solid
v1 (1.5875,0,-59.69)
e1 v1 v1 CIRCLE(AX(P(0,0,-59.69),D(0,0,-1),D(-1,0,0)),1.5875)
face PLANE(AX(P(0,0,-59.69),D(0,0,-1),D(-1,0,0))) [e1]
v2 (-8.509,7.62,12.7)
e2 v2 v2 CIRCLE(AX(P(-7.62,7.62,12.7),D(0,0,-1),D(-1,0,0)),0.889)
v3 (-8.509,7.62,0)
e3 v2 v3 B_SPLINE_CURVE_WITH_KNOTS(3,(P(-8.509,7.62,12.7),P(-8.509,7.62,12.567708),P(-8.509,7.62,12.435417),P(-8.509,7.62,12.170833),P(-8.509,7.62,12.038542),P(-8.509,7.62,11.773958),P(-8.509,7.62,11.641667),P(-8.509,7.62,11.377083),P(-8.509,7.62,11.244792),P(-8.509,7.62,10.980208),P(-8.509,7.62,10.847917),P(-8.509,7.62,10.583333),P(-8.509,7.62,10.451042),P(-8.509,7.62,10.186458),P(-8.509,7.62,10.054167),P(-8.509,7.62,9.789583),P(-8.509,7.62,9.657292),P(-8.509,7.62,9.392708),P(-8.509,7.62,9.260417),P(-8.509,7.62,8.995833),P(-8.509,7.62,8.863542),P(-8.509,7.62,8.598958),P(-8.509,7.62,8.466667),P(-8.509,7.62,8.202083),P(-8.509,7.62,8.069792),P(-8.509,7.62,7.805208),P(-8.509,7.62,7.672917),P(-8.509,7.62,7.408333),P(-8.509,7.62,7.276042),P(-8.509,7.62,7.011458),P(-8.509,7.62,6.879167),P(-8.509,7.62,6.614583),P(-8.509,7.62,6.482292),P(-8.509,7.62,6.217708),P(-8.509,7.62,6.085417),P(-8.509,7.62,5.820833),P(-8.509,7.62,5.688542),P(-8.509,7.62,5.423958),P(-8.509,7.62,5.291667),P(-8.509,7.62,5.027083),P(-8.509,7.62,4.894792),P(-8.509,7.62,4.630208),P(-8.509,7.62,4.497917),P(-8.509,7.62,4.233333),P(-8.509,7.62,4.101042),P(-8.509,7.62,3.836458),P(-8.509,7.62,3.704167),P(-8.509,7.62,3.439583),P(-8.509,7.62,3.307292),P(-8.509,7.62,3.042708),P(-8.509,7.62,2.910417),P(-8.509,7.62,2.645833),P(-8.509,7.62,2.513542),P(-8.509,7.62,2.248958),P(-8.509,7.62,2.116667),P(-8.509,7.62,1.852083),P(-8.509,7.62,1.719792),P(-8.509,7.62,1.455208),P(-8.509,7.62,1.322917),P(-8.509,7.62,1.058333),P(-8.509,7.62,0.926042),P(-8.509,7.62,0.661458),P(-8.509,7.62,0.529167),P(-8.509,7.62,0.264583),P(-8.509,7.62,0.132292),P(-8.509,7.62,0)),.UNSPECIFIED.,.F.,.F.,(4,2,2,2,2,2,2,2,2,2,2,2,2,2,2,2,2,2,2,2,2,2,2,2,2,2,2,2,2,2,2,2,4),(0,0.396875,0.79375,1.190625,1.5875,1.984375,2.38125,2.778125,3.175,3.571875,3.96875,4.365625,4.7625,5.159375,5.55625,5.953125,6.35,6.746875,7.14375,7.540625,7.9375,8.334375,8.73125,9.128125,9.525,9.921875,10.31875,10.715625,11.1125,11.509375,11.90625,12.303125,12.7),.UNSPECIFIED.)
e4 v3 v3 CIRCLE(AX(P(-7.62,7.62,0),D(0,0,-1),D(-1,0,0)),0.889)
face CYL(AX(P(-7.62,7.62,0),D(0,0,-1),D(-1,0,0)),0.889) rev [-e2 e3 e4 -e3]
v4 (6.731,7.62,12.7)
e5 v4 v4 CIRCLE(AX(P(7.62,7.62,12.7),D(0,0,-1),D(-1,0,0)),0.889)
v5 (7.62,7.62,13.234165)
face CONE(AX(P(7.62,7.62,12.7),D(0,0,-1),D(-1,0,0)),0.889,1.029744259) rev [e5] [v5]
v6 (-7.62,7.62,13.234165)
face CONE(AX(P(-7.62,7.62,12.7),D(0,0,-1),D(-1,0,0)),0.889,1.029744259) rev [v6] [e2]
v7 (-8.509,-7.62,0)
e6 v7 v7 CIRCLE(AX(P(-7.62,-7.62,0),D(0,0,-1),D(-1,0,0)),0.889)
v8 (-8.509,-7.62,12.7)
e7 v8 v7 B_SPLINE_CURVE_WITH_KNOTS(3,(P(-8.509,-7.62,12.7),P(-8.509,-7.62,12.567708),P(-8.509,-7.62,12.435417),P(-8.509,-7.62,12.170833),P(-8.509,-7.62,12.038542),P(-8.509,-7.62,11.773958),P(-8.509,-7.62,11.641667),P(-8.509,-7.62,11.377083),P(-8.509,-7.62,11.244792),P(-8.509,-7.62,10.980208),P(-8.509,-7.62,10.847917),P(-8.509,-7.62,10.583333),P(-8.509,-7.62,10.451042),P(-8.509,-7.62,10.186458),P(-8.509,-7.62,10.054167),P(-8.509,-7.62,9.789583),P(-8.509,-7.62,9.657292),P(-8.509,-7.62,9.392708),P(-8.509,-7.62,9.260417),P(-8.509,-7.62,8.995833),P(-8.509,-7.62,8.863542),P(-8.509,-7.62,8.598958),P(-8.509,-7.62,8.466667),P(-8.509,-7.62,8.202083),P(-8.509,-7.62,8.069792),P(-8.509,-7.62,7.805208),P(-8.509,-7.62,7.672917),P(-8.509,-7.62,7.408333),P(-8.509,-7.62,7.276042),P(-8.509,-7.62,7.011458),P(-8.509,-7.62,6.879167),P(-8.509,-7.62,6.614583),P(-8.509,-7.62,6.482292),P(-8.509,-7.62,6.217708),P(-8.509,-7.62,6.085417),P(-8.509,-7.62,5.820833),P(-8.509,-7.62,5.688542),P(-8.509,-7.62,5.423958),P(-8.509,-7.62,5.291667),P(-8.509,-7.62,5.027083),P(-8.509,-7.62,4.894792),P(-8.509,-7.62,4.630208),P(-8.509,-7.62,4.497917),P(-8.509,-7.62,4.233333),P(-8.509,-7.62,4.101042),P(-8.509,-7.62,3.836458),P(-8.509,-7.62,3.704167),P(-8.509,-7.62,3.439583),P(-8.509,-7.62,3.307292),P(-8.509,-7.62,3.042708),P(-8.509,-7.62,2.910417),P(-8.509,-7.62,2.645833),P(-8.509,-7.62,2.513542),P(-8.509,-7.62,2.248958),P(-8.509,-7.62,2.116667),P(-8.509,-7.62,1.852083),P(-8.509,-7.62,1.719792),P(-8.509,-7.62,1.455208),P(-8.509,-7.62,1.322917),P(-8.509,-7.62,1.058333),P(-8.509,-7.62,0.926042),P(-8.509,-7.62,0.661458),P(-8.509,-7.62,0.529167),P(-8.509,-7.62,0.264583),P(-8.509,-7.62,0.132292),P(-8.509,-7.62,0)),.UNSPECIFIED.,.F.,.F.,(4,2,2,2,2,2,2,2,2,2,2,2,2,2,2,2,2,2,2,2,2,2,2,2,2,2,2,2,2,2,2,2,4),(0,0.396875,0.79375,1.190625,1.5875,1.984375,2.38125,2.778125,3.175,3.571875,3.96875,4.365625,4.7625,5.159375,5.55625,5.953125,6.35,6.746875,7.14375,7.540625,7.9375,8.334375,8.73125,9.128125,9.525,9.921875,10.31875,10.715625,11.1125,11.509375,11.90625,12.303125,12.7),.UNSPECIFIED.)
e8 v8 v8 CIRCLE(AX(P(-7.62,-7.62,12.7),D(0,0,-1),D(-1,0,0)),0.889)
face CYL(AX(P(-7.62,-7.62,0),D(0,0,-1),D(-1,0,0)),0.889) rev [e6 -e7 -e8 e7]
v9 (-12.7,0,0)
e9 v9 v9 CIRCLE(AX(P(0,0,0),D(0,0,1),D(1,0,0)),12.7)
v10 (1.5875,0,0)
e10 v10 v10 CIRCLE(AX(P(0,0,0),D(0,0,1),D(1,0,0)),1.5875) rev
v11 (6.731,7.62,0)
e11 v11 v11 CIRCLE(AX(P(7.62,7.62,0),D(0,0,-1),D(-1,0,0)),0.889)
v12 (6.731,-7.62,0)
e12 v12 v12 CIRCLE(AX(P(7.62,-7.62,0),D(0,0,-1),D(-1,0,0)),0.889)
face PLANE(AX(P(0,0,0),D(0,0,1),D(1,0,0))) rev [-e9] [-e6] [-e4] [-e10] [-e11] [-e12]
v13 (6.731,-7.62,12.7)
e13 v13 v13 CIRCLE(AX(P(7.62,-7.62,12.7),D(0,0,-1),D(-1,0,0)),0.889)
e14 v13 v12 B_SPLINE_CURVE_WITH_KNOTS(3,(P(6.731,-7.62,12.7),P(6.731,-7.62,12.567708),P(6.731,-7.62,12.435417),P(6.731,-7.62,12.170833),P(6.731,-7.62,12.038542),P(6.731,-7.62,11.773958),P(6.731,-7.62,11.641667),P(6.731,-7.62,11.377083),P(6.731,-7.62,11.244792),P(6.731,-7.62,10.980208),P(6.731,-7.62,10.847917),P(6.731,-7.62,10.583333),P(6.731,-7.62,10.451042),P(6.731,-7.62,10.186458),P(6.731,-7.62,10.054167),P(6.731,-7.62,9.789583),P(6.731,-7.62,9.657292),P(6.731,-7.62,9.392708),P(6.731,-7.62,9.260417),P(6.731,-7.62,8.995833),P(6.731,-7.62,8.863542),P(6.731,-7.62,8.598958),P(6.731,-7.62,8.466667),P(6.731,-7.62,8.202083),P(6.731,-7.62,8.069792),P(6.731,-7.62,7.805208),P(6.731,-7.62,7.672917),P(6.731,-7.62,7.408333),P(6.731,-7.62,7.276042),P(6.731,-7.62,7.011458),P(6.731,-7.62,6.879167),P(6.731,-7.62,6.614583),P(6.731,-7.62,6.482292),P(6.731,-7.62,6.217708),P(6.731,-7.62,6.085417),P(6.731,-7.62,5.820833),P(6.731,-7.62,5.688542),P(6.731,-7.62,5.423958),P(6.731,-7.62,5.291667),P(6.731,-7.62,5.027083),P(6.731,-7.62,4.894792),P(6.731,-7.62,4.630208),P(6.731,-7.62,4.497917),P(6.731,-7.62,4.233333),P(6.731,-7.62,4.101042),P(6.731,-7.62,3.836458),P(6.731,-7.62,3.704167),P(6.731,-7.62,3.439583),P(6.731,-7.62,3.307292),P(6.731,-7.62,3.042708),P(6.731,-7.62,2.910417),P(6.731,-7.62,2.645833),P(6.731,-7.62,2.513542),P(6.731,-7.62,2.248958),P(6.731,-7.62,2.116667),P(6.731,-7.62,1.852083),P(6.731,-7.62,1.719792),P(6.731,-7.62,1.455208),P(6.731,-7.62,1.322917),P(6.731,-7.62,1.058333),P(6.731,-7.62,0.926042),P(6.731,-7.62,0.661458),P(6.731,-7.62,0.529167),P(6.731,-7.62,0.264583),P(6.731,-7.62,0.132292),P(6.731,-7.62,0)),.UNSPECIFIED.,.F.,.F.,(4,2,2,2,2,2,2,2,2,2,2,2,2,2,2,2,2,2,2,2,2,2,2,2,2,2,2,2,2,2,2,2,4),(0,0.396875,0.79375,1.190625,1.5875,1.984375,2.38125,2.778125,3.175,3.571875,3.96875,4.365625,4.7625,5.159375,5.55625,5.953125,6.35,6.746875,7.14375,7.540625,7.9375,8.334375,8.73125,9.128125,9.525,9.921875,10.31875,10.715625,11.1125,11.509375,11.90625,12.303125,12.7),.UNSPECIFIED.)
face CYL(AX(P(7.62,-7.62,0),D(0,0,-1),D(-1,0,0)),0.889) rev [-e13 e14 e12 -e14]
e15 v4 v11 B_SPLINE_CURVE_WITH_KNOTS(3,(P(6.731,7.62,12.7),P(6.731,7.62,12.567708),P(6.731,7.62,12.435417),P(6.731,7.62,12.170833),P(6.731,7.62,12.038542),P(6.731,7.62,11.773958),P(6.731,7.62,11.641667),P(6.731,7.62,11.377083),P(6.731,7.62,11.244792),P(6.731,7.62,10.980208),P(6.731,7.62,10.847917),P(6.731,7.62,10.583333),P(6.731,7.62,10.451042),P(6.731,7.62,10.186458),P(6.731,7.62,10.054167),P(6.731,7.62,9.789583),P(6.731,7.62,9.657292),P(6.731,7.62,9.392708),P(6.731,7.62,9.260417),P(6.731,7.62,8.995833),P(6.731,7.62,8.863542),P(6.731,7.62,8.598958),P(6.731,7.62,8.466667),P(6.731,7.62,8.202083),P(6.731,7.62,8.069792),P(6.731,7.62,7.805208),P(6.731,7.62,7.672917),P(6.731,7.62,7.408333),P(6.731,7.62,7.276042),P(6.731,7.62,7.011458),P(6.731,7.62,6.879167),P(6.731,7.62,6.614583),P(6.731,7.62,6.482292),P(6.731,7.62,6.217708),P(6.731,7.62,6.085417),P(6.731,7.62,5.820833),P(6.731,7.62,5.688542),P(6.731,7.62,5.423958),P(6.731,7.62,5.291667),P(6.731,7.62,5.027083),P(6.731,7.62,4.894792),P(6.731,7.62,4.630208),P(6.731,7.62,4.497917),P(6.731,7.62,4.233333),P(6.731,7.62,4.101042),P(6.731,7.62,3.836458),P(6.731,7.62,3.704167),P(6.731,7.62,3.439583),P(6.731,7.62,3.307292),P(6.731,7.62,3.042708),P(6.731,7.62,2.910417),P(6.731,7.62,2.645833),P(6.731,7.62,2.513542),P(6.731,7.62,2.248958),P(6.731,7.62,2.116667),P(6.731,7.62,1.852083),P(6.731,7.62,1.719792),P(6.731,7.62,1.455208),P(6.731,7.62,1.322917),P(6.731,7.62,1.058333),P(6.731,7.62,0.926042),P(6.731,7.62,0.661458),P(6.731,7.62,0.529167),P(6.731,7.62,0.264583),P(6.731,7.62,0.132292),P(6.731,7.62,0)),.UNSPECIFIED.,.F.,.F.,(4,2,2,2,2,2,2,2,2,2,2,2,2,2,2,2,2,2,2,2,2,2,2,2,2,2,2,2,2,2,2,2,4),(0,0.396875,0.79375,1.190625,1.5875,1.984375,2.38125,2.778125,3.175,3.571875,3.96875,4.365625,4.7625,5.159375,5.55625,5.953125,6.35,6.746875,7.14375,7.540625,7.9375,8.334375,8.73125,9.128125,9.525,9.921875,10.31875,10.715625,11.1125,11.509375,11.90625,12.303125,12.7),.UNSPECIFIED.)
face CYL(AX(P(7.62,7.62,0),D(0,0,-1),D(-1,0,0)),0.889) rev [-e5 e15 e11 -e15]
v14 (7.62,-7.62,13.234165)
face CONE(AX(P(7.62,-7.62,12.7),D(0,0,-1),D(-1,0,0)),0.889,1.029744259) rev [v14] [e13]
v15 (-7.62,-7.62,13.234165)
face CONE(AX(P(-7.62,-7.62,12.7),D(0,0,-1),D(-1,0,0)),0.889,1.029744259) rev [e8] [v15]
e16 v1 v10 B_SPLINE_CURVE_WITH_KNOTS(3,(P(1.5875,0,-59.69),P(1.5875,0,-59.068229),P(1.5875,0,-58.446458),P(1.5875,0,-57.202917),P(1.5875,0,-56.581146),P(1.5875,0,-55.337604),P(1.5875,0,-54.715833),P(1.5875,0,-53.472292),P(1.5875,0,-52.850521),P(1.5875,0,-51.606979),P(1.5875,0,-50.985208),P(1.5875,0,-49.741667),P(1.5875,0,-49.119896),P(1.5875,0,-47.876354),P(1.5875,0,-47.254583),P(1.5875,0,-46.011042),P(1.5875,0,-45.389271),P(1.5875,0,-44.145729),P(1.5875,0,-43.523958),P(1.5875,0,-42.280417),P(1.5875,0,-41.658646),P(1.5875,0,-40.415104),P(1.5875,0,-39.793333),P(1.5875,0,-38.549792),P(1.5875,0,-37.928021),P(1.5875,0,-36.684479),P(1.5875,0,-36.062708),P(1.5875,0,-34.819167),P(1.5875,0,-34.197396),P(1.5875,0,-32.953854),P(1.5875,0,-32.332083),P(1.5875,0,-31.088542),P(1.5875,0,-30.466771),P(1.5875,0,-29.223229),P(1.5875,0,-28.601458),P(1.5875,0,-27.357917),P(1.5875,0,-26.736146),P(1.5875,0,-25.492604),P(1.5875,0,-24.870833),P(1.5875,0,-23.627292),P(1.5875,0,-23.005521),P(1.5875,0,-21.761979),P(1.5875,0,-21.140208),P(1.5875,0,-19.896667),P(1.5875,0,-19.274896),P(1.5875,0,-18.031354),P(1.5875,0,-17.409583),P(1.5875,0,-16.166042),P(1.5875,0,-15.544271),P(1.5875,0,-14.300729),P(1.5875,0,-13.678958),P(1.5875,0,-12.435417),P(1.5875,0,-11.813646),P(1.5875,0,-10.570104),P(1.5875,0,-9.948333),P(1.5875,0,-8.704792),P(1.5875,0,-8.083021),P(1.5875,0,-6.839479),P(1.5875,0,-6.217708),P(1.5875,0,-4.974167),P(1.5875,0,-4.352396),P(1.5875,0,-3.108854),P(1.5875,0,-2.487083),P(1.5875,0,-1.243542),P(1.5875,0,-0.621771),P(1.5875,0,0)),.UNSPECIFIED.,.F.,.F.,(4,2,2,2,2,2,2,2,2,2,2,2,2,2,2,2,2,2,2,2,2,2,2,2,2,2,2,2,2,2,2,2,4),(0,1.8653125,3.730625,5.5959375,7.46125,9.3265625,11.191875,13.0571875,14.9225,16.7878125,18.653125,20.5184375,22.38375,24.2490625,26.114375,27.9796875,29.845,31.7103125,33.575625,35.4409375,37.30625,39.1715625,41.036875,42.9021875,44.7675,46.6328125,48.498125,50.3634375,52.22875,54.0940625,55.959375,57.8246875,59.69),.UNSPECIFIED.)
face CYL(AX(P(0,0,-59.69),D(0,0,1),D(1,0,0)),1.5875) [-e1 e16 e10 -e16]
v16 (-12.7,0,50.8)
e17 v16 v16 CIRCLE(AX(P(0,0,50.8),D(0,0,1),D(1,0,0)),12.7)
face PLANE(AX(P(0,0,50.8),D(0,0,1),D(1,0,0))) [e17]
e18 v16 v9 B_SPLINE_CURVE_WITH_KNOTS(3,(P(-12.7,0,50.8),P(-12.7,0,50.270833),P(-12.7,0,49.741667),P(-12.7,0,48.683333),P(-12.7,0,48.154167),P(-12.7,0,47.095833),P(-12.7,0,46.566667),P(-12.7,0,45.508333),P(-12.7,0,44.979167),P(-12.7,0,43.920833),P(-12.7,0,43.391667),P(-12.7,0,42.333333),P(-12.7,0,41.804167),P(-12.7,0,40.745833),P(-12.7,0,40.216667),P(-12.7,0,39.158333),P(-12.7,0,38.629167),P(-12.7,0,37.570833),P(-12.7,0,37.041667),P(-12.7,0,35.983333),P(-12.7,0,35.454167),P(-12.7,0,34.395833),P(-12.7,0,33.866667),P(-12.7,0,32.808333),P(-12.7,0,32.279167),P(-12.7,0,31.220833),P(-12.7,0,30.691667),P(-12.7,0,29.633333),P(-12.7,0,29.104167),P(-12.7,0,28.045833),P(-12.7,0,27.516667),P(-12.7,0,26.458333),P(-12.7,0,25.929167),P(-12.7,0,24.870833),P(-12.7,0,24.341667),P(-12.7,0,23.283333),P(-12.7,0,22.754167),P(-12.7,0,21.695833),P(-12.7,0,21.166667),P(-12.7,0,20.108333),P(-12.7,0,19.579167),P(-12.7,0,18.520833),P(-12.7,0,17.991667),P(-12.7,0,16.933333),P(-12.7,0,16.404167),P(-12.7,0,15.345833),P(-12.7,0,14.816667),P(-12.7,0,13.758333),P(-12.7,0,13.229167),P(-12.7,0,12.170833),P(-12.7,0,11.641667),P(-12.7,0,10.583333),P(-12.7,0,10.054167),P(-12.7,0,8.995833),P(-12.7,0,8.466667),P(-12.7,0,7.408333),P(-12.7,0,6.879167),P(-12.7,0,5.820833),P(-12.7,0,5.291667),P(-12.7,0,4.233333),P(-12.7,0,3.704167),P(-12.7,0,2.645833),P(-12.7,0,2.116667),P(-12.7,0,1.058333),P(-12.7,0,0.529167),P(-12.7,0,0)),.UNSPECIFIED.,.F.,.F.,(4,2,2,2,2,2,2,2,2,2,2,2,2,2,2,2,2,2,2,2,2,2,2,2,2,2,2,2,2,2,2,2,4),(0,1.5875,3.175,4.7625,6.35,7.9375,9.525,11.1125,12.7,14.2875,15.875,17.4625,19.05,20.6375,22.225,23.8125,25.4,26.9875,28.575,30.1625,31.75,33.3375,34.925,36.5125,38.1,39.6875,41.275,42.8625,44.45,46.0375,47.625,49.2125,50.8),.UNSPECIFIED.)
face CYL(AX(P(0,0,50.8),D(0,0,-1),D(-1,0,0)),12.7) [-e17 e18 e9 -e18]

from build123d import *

# Parameters (mm, degrees)
SKETCH1_R                 = 12.7
BOSS_EXTRUDE1_DEPTH       = 50.8
SKETCH2_R                 = 1.5875
BOSS_EXTRUDE2_DEPTH       = 59.69
F_2_64_TAPPED_HOLE1_D     = 1.778
F_2_64_TAPPED_HOLE1_DEPTH = 12.7
F_2_64_TAPPED_HOLE1_TIP   = 0.53416509


with BuildPart() as part:
    # Sketch1 → Boss-Extrude1 (new body)
    with BuildSketch(Plane.XY):
        with Locations(Location((0, 0, 0), (0, 0, 180))):
            Circle(SKETCH1_R)
    extrude(amount=BOSS_EXTRUDE1_DEPTH)

    # Sketch2 → Boss-Extrude2 (add)
    with BuildSketch(Plane(origin=(0, 0, 0), x_dir=(-1, 0, 0), z_dir=(0, 0, -1))):
        with Locations(Location((0, 0, 0), (0, 0, 180))):
            Circle(SKETCH2_R)
    extrude(amount=BOSS_EXTRUDE2_DEPTH)

    # #2-64 Tapped Hole1
    with Locations(Plane(origin=(0, 0, 0), x_dir=(-1, 0, 0), z_dir=(0, 0, -1))):
        with Locations((-7.62, 7.62), (7.62, 7.62), (7.62, -7.62), (-7.62, -7.62)):
            Hole(F_2_64_TAPPED_HOLE1_D / 2, depth=F_2_64_TAPPED_HOLE1_DEPTH)
            with Locations((0, 0, -(F_2_64_TAPPED_HOLE1_DEPTH + F_2_64_TAPPED_HOLE1_TIP / 2))):  # 118° drill point
                Cone(0, F_2_64_TAPPED_HOLE1_D / 2, F_2_64_TAPPED_HOLE1_TIP, mode=Mode.SUBTRACT)


solid = part.part
